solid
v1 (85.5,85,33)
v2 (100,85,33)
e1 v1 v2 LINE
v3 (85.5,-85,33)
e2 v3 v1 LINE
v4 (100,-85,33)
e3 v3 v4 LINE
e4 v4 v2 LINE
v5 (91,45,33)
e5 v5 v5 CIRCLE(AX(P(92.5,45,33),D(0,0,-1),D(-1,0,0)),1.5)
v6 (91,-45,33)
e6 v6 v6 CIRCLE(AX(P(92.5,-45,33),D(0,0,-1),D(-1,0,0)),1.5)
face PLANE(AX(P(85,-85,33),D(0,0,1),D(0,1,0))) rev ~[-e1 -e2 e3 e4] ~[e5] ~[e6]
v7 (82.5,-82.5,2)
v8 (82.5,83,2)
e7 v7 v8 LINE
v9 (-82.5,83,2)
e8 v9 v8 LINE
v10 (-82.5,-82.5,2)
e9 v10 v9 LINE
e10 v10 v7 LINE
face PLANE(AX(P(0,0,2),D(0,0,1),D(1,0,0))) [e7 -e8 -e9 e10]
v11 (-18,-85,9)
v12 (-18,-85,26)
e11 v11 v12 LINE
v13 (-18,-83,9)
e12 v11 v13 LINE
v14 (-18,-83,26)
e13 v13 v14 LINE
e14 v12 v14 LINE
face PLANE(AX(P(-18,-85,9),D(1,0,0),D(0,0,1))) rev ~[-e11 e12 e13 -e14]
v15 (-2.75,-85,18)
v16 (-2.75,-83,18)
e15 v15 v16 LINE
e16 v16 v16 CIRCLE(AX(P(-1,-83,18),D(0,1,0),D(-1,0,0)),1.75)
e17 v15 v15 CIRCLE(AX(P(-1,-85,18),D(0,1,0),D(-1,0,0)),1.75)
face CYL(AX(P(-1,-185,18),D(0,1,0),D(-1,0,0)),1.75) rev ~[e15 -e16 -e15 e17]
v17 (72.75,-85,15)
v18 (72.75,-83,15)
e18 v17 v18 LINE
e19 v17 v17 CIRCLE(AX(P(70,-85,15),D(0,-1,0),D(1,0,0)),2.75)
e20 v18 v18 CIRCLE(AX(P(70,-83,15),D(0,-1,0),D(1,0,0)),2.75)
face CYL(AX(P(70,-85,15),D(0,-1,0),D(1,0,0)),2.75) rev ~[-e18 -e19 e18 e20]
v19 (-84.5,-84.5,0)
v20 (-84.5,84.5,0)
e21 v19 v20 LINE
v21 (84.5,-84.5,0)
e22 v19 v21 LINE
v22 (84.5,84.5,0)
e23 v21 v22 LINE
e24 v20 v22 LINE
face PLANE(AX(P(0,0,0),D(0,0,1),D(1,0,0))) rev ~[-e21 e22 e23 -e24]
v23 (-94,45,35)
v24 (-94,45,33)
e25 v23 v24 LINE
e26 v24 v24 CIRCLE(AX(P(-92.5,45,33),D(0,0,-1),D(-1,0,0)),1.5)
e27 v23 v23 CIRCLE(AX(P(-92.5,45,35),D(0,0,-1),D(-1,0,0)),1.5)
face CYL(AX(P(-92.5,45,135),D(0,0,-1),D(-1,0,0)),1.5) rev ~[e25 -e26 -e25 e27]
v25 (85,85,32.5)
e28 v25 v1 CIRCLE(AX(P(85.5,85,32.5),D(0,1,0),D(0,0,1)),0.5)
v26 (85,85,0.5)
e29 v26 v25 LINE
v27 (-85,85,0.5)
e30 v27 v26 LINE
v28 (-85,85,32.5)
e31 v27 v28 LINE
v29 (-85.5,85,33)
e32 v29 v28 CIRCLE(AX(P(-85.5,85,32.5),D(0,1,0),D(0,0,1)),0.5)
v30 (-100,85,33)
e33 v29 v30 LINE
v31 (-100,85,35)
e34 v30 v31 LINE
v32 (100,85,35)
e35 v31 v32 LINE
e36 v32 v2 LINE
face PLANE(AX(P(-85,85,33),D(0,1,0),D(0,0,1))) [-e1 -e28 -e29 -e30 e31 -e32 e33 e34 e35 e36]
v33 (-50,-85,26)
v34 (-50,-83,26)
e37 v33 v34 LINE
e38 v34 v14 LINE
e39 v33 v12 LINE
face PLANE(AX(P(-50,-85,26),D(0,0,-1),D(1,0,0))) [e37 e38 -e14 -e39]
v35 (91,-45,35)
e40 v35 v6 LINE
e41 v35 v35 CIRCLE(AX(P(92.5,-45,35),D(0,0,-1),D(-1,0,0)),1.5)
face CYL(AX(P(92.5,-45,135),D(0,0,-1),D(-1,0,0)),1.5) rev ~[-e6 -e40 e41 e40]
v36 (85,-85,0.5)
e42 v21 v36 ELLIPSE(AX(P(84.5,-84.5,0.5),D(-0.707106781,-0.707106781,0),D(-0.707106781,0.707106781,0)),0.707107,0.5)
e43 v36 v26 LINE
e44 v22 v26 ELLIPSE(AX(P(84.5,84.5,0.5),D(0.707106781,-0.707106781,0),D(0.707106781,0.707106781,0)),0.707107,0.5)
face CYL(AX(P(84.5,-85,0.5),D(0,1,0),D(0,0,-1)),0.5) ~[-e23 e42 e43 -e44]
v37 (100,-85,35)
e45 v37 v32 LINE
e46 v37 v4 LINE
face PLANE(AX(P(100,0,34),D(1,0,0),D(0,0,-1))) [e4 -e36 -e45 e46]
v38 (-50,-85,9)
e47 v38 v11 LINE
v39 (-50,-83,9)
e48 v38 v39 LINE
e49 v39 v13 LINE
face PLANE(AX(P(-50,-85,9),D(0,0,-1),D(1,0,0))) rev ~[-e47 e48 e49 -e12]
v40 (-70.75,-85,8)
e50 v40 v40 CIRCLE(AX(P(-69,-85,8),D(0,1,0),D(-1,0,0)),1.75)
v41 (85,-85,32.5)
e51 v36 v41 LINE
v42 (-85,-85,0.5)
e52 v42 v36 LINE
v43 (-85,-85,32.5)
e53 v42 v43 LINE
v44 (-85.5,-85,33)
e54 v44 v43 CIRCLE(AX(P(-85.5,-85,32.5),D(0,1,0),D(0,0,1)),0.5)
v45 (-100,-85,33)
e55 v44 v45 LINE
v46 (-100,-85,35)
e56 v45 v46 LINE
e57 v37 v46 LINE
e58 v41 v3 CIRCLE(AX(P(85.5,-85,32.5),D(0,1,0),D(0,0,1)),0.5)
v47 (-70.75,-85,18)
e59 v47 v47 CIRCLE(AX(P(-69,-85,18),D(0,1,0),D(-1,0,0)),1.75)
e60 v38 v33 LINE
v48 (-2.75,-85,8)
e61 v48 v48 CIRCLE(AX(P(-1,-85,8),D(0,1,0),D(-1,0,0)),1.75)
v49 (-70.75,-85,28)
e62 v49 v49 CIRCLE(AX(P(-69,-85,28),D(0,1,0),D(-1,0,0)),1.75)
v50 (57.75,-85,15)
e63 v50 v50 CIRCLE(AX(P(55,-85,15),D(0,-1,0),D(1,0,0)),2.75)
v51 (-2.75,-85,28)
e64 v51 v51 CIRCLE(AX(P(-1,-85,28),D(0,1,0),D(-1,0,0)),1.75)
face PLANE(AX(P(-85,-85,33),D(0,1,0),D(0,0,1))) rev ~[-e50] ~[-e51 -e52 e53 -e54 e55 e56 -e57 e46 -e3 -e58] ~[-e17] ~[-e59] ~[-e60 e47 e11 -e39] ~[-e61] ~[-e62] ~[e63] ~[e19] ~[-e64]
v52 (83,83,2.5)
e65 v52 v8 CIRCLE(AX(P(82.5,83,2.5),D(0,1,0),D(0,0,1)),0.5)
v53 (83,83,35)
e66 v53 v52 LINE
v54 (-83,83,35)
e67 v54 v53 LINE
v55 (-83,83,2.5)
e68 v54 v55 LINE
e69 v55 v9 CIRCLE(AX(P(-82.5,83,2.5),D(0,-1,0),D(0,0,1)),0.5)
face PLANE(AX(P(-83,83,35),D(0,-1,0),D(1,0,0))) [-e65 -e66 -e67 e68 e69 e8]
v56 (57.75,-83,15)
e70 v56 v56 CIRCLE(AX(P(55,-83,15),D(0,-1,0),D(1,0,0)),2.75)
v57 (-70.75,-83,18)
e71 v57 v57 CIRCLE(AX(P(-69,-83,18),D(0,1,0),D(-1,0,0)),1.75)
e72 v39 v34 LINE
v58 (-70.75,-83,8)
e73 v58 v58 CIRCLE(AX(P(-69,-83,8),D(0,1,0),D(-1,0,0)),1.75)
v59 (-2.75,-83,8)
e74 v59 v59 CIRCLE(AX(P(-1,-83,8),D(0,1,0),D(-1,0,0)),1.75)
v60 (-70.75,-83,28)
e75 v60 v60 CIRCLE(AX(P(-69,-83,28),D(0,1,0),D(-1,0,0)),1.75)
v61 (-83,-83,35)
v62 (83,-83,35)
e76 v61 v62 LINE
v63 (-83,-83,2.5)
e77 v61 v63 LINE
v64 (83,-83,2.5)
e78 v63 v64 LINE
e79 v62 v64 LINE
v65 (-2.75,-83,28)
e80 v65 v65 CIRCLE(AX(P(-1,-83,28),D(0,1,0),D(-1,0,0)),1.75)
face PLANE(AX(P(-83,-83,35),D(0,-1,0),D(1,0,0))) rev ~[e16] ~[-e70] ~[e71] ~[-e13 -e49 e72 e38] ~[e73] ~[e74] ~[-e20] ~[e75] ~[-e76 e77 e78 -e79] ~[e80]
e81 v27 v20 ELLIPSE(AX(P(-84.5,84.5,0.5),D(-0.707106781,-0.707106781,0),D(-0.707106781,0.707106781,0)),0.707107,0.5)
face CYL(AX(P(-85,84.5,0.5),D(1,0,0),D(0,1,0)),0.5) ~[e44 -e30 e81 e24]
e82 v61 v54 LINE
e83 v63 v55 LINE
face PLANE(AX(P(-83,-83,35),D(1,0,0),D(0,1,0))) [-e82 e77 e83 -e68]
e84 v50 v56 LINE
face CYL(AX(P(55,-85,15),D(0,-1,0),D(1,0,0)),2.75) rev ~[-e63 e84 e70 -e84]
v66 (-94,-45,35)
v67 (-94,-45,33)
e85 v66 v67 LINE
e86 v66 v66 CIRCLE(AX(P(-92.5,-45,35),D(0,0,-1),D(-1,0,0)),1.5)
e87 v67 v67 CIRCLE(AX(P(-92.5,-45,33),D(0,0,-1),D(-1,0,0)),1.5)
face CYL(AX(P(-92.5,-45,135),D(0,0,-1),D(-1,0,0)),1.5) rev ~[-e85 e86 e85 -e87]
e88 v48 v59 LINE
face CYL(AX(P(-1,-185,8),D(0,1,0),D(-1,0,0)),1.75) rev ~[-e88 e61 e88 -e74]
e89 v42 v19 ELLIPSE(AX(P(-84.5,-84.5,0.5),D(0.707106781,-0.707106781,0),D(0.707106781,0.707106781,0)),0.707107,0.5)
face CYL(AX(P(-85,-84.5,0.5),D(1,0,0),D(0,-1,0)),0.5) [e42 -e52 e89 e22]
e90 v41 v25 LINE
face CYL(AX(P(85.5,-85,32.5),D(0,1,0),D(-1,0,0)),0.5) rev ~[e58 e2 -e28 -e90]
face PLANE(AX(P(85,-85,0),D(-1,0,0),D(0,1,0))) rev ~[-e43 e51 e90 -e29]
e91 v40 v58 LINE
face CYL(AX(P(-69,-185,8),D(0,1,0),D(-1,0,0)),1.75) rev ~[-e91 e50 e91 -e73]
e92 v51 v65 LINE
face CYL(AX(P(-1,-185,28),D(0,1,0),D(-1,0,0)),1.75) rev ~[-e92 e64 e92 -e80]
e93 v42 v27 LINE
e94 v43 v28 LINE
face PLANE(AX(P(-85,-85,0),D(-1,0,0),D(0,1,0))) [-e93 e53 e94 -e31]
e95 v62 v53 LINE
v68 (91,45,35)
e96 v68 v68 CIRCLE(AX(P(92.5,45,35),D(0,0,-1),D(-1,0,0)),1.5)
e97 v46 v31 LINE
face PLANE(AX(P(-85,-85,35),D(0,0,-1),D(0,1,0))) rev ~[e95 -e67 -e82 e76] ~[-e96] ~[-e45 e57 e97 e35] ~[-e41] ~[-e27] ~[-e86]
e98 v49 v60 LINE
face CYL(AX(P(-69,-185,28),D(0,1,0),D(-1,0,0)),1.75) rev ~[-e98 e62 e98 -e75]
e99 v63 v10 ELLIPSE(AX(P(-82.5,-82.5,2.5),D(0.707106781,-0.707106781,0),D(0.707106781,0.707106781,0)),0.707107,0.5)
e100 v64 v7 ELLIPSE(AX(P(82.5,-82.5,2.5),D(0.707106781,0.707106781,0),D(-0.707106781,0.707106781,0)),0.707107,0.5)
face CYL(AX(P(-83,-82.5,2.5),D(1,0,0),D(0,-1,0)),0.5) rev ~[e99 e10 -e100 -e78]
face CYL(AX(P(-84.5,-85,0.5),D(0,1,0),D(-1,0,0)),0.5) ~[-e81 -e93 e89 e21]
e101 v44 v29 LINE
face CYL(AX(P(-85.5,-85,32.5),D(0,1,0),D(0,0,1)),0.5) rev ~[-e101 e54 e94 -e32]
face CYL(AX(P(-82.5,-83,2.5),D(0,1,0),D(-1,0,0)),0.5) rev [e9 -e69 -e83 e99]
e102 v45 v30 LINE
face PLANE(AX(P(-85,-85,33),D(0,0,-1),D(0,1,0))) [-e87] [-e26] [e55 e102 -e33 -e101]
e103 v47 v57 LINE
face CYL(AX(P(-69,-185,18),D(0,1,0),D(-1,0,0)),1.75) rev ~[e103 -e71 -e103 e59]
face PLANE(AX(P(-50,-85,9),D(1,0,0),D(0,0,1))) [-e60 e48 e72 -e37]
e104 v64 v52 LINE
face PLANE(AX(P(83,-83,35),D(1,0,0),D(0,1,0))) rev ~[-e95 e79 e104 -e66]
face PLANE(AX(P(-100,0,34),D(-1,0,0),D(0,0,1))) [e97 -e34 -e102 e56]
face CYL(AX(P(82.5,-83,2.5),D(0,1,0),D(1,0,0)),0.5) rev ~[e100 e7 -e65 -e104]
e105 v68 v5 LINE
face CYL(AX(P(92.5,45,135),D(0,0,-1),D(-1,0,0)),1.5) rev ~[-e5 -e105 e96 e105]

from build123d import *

# Parameters (mm, degrees)
SKETCH1_W                      = 170
SKETCH1_H                      = 170
BOSS_EXTRUDE1_DEPTH            = 35
SKETCH2_W                      = 166
SKETCH2_H                      = 166
CUT_EXTRUDE1_DEPTH             = 33
SKETCH3_W                      = 2
SKETCH3_H                      = 170
BOSS_EXTRUDE2_DEPTH            = 15
SKETCH4_W                      = 2
SKETCH4_H                      = 170
BOSS_EXTRUDE3_DEPTH            = 15
F_3_0_3_DIAMETER_HOLE1_D       = 3
F_3_0_3_DIAMETER_HOLE1_DEPTH   = 100
F_3_0_3_DIAMETER_HOLE1_TIP     = 0.901290929
SKETCH7_R                      = 2.75
SKETCH7_W                      = 32
SKETCH7_H                      = 17
CUT_EXTRUDE2_DEPTH             = 15
FILLET1_R                      = 0.5
F_3_5_3_5_DIAMETER_HOLE1_D     = 3.5
F_3_5_3_5_DIAMETER_HOLE1_DEPTH = 100
F_3_5_3_5_DIAMETER_HOLE1_TIP   = 1.051506083


with BuildPart() as part:
    # Sketch1 → Boss-Extrude1 (new body)
    with BuildSketch(Plane.XY):
        Rectangle(SKETCH1_W, SKETCH1_H)
    extrude(amount=BOSS_EXTRUDE1_DEPTH)

    # Sketch2 → Cut-Extrude1 (cut)
    with BuildSketch(Plane.XY.offset(35)):
        Rectangle(SKETCH2_W, SKETCH2_H)
    extrude(amount=-CUT_EXTRUDE1_DEPTH, mode=Mode.SUBTRACT)

    # Sketch3 → Boss-Extrude2 (add)
    with BuildSketch(Plane(origin=(85, 0, 0), x_dir=(0, 0, -1), z_dir=(1, 0, 0))):
        with Locations((-34, 0)):
            Rectangle(SKETCH3_W, SKETCH3_H)
    extrude(amount=BOSS_EXTRUDE2_DEPTH)

    # Sketch4 → Boss-Extrude3 (add)
    with BuildSketch(Plane.ZY.offset(85)):
        with Locations((34, 0)):
            Rectangle(SKETCH4_W, SKETCH4_H)
    extrude(amount=BOSS_EXTRUDE3_DEPTH)

    # Ø3.0 (3) Diameter Hole1
    with Locations(Plane.XY.offset(35)):
        with Locations((-92.5, 45), (-92.5, -45), (115, -45), (115, 45), (92.5, 45), (92.5, -45)):
            Hole(F_3_0_3_DIAMETER_HOLE1_D / 2, depth=F_3_0_3_DIAMETER_HOLE1_DEPTH)
            with Locations((0, 0, -(F_3_0_3_DIAMETER_HOLE1_DEPTH + F_3_0_3_DIAMETER_HOLE1_TIP / 2))):  # 118° drill point
                Cone(0, F_3_0_3_DIAMETER_HOLE1_D / 2, F_3_0_3_DIAMETER_HOLE1_TIP, mode=Mode.SUBTRACT)

    # Sketch7 → Cut-Extrude2 (cut)
    with BuildSketch(Plane.XZ.offset(85)):
        with Locations((55, 15)):
            Circle(SKETCH7_R)
        with Locations((70, 15)):
            Circle(SKETCH7_R)
        with Locations((-34, 17.5)):
            Rectangle(SKETCH7_W, SKETCH7_H)
    extrude(amount=-CUT_EXTRUDE2_DEPTH, mode=Mode.SUBTRACT)

    # Fillet1
    fillet1_edges = [part.edges().sort_by_distance(p)[0] for p in [
        (-83, 0, 2),
        (83, 0, 2),
        (85, 0, 0),
        (85, 0, 33),
        (-85, 0, 0),
        (-85, 0, 33),
        (0, -85, 0),
        (0, 85, 0),
        (0, -83, 2),
    ]]
    fillet(fillet1_edges, radius=FILLET1_R)

    # Ø3.5 (3.5) Diameter Hole1
    with Locations(Plane.XZ.offset(85)):
        with Locations((-69, 28), (-1, 28), (-69, 18), (-1, 18), (-69, 8), (-1, 8)):
            Hole(F_3_5_3_5_DIAMETER_HOLE1_D / 2, depth=F_3_5_3_5_DIAMETER_HOLE1_DEPTH)
            with Locations((0, 0, -(F_3_5_3_5_DIAMETER_HOLE1_DEPTH + F_3_5_3_5_DIAMETER_HOLE1_TIP / 2))):  # 118° drill point
                Cone(0, F_3_5_3_5_DIAMETER_HOLE1_D / 2, F_3_5_3_5_DIAMETER_HOLE1_TIP, mode=Mode.SUBTRACT)


solid = part.part
